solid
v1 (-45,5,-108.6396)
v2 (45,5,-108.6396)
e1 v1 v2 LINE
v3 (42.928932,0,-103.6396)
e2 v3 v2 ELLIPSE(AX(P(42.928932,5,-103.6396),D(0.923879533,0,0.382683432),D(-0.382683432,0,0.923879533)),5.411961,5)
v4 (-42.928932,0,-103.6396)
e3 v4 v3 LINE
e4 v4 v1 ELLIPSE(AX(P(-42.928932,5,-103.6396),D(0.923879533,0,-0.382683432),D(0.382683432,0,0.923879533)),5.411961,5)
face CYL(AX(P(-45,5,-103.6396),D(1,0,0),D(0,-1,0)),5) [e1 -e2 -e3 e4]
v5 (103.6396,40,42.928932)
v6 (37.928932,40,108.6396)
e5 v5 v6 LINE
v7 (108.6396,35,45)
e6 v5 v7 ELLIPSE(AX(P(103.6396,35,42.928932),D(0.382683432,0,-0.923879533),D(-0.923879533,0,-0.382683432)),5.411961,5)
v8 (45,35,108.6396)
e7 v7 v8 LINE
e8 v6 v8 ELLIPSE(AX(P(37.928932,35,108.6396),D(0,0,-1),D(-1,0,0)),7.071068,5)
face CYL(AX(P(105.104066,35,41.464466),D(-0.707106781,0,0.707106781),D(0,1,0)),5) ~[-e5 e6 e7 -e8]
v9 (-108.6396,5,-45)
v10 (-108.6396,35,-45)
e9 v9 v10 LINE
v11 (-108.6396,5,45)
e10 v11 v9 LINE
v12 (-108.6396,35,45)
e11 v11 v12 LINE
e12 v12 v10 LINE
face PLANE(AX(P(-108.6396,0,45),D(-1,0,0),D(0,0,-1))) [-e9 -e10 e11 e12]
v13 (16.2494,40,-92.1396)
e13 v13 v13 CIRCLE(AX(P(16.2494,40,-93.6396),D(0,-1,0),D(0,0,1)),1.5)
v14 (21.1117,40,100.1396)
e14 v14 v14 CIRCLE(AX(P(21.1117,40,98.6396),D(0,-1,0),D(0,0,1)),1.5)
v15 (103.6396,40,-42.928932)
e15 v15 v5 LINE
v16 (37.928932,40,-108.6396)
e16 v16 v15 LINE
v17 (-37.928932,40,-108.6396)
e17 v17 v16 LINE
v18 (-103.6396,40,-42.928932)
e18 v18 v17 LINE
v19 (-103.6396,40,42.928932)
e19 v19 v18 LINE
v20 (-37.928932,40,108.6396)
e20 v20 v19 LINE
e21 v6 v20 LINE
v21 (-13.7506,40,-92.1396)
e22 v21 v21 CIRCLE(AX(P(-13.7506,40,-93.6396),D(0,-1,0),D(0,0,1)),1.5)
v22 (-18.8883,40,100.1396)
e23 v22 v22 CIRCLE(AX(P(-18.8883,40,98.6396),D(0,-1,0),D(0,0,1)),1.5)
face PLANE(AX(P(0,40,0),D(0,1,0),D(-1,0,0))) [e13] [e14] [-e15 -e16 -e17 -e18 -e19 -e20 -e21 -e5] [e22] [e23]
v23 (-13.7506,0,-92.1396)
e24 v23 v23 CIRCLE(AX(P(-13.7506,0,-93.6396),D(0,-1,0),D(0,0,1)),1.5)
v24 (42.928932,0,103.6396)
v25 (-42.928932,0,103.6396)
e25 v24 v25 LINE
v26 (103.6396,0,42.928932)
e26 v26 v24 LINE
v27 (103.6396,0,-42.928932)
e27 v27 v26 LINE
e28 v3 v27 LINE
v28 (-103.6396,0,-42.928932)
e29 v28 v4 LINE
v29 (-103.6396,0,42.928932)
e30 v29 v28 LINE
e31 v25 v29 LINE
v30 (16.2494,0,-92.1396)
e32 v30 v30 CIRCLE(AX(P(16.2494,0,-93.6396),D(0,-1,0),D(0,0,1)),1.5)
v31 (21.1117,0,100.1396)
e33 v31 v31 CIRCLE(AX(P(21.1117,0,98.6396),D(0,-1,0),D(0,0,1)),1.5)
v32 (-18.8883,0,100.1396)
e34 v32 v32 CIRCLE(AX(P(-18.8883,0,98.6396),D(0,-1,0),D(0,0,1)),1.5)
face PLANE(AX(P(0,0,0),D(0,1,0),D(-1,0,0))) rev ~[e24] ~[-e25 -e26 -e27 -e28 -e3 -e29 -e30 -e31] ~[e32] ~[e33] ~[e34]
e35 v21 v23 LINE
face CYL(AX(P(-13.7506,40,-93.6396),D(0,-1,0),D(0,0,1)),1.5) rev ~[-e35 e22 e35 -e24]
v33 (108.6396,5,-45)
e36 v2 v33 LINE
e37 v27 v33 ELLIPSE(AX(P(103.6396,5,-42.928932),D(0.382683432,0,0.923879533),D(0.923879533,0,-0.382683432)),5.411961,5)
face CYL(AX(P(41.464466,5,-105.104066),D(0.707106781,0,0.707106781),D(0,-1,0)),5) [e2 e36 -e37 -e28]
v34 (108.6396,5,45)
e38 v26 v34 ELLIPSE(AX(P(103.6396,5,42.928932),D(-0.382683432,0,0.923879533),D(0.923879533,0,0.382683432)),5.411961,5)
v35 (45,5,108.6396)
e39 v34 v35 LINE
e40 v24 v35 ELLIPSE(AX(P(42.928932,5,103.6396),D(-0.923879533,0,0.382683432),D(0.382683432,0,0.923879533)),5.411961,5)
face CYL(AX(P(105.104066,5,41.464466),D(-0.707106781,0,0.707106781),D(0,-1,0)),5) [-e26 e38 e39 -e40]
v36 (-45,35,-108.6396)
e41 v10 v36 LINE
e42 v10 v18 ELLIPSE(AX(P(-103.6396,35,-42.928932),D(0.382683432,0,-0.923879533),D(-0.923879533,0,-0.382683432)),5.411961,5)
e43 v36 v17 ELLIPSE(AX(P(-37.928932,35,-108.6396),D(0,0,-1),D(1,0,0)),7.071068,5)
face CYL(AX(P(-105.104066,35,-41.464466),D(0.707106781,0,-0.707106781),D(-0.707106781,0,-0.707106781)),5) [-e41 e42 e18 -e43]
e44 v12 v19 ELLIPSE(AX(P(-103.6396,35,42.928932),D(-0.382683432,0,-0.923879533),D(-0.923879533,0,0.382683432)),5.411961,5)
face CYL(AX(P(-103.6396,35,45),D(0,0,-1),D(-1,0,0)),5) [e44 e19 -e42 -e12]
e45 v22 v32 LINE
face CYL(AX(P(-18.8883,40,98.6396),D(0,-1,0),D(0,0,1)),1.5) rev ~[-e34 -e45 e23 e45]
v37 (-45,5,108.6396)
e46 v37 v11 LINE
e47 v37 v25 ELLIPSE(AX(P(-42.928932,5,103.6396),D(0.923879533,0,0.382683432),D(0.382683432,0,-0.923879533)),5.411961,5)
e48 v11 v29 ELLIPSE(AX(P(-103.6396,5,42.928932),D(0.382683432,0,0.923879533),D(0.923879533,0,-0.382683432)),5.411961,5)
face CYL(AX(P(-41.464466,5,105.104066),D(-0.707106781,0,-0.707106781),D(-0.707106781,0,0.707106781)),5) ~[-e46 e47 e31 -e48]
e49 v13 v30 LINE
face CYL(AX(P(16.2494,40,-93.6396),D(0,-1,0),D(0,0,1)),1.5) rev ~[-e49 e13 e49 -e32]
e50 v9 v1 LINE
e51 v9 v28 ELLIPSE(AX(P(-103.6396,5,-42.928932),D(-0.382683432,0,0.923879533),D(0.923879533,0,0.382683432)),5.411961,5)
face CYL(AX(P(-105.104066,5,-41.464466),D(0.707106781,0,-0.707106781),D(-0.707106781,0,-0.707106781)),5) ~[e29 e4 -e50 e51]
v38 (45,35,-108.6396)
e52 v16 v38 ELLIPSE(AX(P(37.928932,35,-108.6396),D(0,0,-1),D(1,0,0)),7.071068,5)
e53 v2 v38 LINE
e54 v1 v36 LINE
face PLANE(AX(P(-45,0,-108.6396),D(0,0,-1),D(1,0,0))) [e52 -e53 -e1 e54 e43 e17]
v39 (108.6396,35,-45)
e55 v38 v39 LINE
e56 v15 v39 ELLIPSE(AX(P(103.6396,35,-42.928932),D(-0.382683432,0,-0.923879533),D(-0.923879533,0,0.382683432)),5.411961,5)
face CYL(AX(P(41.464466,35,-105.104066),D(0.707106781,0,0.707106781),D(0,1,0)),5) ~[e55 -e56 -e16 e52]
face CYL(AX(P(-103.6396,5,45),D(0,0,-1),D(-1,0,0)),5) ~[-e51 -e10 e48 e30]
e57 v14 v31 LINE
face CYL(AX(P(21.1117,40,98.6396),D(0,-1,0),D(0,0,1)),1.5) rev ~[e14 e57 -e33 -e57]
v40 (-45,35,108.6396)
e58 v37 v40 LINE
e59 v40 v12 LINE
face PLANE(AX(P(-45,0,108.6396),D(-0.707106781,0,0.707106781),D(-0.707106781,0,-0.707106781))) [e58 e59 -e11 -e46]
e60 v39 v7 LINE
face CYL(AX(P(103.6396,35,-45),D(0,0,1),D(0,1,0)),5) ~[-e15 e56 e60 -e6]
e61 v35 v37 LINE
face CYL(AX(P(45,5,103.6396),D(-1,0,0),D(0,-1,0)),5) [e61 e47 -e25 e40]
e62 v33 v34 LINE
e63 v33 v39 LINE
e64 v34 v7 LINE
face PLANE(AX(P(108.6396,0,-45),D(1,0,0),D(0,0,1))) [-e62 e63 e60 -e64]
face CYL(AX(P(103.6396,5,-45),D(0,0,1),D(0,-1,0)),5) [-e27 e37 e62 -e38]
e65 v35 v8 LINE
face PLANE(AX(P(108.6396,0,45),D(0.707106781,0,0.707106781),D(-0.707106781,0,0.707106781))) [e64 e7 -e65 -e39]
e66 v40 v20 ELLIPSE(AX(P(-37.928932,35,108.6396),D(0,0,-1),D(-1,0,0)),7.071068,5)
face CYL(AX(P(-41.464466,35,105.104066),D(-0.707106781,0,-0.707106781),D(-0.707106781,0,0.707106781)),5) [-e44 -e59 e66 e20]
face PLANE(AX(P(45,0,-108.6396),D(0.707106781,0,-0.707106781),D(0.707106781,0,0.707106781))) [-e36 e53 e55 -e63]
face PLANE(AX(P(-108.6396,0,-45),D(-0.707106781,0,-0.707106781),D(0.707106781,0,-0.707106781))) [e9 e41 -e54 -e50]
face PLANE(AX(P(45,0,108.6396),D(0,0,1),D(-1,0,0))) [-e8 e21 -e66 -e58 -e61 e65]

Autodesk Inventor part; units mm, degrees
ref_plane "YZ Plane" through (0, 0, 0) normal (1, 0, 0) x (0, 1, 0)
ref_plane "XZ Plane" through (0, 0, 0) normal (0, 1, 0) x (-1, 0, 0)
ref_plane "XY Plane" through (0, 0, 0) normal (0, 0, 1) x (1, 0, 0)
sketch "Эскиз1" plane through (0, 0, 0) normal (0, 1, 0) x (-1, 0, 0)
  line L0 (108.6396, 45) -> (108.6396, -45)
  line L1 (108.6396, -45) -> (45, -108.6396)
  line L2 (45, -108.6396) -> (-45, -108.6396)
  line L3 (-45, -108.6396) -> (-108.6396, -45)
  line L4 (-108.6396, -45) -> (-108.6396, 45)
  line L5 (-108.6396, 45) -> (-45, 108.6396)
  line L6 (-45, 108.6396) -> (45, 108.6396)
  line L7 (45, 108.6396) -> (108.6396, 45)
  point P0 (0, 0)
  point P1 (0, 0)
  dimension "d0" = 90
extrude "Выдавливание1" add sketch "Эскиз1" along normal blind 40
sketch "Эскиз2" plane through (0, 40, 0) normal (0, 1, 0) x (1, 0, 0)
  line L0 (-108.6396, 45) -> (-108.6396, -45) projected
  line L1 (-108.6396, -45) -> (-45, -108.6396) projected
  line L2 (-45, -108.6396) -> (45, -108.6396) projected
  line L3 (45, -108.6396) -> (108.6396, -45) projected
  line L4 (108.6396, -45) -> (108.6396, 45) projected
  line L5 (108.6396, 45) -> (45, 108.6396) projected
  line L6 (45, 108.6396) -> (-45, 108.6396) projected
  line L7 (-45, 108.6396) -> (-108.6396, 45) projected
  point P0 (0, 0)
  point P1 (-18.8883, -98.6396)
  point P2 (21.1117, -98.6396)
  point P3 (-13.7506, 93.6396)
  point P4 (16.2494, 93.6396)
  dimension "d3" = 40
  dimension "d4" = 10
  dimension "d12" = 30
  dimension "d13" = 15
hole "Отверстие1" at (-18.8883, 40, 98.6396) at (21.1117, 40, 98.6396) at (-13.7506, 40, -93.6396) at (16.2494, 40, -93.6396) direction (0, -1, 0) diameter 3 end through all
fillet "Сопряжение1" radius 5 14 edges at (-76.8198, 40, 76.8198) (-108.6396, 40, 0) (-76.8198, 40, -76.8198) (76.8198, 40, 76.8198) (108.6396, 40, 0) (76.8198, 40, -76.8198) (76.8198, 0, -76.8198) (108.6396, 0, 0) (76.8198, 0, 76.8198) (0, 0, -108.6396) (-76.8198, 0, -76.8198) (-108.6396, 0, 0) (-76.8198, 0, 76.8198) (0, 0, 108.6396)
properties part number "stand_bottom"
